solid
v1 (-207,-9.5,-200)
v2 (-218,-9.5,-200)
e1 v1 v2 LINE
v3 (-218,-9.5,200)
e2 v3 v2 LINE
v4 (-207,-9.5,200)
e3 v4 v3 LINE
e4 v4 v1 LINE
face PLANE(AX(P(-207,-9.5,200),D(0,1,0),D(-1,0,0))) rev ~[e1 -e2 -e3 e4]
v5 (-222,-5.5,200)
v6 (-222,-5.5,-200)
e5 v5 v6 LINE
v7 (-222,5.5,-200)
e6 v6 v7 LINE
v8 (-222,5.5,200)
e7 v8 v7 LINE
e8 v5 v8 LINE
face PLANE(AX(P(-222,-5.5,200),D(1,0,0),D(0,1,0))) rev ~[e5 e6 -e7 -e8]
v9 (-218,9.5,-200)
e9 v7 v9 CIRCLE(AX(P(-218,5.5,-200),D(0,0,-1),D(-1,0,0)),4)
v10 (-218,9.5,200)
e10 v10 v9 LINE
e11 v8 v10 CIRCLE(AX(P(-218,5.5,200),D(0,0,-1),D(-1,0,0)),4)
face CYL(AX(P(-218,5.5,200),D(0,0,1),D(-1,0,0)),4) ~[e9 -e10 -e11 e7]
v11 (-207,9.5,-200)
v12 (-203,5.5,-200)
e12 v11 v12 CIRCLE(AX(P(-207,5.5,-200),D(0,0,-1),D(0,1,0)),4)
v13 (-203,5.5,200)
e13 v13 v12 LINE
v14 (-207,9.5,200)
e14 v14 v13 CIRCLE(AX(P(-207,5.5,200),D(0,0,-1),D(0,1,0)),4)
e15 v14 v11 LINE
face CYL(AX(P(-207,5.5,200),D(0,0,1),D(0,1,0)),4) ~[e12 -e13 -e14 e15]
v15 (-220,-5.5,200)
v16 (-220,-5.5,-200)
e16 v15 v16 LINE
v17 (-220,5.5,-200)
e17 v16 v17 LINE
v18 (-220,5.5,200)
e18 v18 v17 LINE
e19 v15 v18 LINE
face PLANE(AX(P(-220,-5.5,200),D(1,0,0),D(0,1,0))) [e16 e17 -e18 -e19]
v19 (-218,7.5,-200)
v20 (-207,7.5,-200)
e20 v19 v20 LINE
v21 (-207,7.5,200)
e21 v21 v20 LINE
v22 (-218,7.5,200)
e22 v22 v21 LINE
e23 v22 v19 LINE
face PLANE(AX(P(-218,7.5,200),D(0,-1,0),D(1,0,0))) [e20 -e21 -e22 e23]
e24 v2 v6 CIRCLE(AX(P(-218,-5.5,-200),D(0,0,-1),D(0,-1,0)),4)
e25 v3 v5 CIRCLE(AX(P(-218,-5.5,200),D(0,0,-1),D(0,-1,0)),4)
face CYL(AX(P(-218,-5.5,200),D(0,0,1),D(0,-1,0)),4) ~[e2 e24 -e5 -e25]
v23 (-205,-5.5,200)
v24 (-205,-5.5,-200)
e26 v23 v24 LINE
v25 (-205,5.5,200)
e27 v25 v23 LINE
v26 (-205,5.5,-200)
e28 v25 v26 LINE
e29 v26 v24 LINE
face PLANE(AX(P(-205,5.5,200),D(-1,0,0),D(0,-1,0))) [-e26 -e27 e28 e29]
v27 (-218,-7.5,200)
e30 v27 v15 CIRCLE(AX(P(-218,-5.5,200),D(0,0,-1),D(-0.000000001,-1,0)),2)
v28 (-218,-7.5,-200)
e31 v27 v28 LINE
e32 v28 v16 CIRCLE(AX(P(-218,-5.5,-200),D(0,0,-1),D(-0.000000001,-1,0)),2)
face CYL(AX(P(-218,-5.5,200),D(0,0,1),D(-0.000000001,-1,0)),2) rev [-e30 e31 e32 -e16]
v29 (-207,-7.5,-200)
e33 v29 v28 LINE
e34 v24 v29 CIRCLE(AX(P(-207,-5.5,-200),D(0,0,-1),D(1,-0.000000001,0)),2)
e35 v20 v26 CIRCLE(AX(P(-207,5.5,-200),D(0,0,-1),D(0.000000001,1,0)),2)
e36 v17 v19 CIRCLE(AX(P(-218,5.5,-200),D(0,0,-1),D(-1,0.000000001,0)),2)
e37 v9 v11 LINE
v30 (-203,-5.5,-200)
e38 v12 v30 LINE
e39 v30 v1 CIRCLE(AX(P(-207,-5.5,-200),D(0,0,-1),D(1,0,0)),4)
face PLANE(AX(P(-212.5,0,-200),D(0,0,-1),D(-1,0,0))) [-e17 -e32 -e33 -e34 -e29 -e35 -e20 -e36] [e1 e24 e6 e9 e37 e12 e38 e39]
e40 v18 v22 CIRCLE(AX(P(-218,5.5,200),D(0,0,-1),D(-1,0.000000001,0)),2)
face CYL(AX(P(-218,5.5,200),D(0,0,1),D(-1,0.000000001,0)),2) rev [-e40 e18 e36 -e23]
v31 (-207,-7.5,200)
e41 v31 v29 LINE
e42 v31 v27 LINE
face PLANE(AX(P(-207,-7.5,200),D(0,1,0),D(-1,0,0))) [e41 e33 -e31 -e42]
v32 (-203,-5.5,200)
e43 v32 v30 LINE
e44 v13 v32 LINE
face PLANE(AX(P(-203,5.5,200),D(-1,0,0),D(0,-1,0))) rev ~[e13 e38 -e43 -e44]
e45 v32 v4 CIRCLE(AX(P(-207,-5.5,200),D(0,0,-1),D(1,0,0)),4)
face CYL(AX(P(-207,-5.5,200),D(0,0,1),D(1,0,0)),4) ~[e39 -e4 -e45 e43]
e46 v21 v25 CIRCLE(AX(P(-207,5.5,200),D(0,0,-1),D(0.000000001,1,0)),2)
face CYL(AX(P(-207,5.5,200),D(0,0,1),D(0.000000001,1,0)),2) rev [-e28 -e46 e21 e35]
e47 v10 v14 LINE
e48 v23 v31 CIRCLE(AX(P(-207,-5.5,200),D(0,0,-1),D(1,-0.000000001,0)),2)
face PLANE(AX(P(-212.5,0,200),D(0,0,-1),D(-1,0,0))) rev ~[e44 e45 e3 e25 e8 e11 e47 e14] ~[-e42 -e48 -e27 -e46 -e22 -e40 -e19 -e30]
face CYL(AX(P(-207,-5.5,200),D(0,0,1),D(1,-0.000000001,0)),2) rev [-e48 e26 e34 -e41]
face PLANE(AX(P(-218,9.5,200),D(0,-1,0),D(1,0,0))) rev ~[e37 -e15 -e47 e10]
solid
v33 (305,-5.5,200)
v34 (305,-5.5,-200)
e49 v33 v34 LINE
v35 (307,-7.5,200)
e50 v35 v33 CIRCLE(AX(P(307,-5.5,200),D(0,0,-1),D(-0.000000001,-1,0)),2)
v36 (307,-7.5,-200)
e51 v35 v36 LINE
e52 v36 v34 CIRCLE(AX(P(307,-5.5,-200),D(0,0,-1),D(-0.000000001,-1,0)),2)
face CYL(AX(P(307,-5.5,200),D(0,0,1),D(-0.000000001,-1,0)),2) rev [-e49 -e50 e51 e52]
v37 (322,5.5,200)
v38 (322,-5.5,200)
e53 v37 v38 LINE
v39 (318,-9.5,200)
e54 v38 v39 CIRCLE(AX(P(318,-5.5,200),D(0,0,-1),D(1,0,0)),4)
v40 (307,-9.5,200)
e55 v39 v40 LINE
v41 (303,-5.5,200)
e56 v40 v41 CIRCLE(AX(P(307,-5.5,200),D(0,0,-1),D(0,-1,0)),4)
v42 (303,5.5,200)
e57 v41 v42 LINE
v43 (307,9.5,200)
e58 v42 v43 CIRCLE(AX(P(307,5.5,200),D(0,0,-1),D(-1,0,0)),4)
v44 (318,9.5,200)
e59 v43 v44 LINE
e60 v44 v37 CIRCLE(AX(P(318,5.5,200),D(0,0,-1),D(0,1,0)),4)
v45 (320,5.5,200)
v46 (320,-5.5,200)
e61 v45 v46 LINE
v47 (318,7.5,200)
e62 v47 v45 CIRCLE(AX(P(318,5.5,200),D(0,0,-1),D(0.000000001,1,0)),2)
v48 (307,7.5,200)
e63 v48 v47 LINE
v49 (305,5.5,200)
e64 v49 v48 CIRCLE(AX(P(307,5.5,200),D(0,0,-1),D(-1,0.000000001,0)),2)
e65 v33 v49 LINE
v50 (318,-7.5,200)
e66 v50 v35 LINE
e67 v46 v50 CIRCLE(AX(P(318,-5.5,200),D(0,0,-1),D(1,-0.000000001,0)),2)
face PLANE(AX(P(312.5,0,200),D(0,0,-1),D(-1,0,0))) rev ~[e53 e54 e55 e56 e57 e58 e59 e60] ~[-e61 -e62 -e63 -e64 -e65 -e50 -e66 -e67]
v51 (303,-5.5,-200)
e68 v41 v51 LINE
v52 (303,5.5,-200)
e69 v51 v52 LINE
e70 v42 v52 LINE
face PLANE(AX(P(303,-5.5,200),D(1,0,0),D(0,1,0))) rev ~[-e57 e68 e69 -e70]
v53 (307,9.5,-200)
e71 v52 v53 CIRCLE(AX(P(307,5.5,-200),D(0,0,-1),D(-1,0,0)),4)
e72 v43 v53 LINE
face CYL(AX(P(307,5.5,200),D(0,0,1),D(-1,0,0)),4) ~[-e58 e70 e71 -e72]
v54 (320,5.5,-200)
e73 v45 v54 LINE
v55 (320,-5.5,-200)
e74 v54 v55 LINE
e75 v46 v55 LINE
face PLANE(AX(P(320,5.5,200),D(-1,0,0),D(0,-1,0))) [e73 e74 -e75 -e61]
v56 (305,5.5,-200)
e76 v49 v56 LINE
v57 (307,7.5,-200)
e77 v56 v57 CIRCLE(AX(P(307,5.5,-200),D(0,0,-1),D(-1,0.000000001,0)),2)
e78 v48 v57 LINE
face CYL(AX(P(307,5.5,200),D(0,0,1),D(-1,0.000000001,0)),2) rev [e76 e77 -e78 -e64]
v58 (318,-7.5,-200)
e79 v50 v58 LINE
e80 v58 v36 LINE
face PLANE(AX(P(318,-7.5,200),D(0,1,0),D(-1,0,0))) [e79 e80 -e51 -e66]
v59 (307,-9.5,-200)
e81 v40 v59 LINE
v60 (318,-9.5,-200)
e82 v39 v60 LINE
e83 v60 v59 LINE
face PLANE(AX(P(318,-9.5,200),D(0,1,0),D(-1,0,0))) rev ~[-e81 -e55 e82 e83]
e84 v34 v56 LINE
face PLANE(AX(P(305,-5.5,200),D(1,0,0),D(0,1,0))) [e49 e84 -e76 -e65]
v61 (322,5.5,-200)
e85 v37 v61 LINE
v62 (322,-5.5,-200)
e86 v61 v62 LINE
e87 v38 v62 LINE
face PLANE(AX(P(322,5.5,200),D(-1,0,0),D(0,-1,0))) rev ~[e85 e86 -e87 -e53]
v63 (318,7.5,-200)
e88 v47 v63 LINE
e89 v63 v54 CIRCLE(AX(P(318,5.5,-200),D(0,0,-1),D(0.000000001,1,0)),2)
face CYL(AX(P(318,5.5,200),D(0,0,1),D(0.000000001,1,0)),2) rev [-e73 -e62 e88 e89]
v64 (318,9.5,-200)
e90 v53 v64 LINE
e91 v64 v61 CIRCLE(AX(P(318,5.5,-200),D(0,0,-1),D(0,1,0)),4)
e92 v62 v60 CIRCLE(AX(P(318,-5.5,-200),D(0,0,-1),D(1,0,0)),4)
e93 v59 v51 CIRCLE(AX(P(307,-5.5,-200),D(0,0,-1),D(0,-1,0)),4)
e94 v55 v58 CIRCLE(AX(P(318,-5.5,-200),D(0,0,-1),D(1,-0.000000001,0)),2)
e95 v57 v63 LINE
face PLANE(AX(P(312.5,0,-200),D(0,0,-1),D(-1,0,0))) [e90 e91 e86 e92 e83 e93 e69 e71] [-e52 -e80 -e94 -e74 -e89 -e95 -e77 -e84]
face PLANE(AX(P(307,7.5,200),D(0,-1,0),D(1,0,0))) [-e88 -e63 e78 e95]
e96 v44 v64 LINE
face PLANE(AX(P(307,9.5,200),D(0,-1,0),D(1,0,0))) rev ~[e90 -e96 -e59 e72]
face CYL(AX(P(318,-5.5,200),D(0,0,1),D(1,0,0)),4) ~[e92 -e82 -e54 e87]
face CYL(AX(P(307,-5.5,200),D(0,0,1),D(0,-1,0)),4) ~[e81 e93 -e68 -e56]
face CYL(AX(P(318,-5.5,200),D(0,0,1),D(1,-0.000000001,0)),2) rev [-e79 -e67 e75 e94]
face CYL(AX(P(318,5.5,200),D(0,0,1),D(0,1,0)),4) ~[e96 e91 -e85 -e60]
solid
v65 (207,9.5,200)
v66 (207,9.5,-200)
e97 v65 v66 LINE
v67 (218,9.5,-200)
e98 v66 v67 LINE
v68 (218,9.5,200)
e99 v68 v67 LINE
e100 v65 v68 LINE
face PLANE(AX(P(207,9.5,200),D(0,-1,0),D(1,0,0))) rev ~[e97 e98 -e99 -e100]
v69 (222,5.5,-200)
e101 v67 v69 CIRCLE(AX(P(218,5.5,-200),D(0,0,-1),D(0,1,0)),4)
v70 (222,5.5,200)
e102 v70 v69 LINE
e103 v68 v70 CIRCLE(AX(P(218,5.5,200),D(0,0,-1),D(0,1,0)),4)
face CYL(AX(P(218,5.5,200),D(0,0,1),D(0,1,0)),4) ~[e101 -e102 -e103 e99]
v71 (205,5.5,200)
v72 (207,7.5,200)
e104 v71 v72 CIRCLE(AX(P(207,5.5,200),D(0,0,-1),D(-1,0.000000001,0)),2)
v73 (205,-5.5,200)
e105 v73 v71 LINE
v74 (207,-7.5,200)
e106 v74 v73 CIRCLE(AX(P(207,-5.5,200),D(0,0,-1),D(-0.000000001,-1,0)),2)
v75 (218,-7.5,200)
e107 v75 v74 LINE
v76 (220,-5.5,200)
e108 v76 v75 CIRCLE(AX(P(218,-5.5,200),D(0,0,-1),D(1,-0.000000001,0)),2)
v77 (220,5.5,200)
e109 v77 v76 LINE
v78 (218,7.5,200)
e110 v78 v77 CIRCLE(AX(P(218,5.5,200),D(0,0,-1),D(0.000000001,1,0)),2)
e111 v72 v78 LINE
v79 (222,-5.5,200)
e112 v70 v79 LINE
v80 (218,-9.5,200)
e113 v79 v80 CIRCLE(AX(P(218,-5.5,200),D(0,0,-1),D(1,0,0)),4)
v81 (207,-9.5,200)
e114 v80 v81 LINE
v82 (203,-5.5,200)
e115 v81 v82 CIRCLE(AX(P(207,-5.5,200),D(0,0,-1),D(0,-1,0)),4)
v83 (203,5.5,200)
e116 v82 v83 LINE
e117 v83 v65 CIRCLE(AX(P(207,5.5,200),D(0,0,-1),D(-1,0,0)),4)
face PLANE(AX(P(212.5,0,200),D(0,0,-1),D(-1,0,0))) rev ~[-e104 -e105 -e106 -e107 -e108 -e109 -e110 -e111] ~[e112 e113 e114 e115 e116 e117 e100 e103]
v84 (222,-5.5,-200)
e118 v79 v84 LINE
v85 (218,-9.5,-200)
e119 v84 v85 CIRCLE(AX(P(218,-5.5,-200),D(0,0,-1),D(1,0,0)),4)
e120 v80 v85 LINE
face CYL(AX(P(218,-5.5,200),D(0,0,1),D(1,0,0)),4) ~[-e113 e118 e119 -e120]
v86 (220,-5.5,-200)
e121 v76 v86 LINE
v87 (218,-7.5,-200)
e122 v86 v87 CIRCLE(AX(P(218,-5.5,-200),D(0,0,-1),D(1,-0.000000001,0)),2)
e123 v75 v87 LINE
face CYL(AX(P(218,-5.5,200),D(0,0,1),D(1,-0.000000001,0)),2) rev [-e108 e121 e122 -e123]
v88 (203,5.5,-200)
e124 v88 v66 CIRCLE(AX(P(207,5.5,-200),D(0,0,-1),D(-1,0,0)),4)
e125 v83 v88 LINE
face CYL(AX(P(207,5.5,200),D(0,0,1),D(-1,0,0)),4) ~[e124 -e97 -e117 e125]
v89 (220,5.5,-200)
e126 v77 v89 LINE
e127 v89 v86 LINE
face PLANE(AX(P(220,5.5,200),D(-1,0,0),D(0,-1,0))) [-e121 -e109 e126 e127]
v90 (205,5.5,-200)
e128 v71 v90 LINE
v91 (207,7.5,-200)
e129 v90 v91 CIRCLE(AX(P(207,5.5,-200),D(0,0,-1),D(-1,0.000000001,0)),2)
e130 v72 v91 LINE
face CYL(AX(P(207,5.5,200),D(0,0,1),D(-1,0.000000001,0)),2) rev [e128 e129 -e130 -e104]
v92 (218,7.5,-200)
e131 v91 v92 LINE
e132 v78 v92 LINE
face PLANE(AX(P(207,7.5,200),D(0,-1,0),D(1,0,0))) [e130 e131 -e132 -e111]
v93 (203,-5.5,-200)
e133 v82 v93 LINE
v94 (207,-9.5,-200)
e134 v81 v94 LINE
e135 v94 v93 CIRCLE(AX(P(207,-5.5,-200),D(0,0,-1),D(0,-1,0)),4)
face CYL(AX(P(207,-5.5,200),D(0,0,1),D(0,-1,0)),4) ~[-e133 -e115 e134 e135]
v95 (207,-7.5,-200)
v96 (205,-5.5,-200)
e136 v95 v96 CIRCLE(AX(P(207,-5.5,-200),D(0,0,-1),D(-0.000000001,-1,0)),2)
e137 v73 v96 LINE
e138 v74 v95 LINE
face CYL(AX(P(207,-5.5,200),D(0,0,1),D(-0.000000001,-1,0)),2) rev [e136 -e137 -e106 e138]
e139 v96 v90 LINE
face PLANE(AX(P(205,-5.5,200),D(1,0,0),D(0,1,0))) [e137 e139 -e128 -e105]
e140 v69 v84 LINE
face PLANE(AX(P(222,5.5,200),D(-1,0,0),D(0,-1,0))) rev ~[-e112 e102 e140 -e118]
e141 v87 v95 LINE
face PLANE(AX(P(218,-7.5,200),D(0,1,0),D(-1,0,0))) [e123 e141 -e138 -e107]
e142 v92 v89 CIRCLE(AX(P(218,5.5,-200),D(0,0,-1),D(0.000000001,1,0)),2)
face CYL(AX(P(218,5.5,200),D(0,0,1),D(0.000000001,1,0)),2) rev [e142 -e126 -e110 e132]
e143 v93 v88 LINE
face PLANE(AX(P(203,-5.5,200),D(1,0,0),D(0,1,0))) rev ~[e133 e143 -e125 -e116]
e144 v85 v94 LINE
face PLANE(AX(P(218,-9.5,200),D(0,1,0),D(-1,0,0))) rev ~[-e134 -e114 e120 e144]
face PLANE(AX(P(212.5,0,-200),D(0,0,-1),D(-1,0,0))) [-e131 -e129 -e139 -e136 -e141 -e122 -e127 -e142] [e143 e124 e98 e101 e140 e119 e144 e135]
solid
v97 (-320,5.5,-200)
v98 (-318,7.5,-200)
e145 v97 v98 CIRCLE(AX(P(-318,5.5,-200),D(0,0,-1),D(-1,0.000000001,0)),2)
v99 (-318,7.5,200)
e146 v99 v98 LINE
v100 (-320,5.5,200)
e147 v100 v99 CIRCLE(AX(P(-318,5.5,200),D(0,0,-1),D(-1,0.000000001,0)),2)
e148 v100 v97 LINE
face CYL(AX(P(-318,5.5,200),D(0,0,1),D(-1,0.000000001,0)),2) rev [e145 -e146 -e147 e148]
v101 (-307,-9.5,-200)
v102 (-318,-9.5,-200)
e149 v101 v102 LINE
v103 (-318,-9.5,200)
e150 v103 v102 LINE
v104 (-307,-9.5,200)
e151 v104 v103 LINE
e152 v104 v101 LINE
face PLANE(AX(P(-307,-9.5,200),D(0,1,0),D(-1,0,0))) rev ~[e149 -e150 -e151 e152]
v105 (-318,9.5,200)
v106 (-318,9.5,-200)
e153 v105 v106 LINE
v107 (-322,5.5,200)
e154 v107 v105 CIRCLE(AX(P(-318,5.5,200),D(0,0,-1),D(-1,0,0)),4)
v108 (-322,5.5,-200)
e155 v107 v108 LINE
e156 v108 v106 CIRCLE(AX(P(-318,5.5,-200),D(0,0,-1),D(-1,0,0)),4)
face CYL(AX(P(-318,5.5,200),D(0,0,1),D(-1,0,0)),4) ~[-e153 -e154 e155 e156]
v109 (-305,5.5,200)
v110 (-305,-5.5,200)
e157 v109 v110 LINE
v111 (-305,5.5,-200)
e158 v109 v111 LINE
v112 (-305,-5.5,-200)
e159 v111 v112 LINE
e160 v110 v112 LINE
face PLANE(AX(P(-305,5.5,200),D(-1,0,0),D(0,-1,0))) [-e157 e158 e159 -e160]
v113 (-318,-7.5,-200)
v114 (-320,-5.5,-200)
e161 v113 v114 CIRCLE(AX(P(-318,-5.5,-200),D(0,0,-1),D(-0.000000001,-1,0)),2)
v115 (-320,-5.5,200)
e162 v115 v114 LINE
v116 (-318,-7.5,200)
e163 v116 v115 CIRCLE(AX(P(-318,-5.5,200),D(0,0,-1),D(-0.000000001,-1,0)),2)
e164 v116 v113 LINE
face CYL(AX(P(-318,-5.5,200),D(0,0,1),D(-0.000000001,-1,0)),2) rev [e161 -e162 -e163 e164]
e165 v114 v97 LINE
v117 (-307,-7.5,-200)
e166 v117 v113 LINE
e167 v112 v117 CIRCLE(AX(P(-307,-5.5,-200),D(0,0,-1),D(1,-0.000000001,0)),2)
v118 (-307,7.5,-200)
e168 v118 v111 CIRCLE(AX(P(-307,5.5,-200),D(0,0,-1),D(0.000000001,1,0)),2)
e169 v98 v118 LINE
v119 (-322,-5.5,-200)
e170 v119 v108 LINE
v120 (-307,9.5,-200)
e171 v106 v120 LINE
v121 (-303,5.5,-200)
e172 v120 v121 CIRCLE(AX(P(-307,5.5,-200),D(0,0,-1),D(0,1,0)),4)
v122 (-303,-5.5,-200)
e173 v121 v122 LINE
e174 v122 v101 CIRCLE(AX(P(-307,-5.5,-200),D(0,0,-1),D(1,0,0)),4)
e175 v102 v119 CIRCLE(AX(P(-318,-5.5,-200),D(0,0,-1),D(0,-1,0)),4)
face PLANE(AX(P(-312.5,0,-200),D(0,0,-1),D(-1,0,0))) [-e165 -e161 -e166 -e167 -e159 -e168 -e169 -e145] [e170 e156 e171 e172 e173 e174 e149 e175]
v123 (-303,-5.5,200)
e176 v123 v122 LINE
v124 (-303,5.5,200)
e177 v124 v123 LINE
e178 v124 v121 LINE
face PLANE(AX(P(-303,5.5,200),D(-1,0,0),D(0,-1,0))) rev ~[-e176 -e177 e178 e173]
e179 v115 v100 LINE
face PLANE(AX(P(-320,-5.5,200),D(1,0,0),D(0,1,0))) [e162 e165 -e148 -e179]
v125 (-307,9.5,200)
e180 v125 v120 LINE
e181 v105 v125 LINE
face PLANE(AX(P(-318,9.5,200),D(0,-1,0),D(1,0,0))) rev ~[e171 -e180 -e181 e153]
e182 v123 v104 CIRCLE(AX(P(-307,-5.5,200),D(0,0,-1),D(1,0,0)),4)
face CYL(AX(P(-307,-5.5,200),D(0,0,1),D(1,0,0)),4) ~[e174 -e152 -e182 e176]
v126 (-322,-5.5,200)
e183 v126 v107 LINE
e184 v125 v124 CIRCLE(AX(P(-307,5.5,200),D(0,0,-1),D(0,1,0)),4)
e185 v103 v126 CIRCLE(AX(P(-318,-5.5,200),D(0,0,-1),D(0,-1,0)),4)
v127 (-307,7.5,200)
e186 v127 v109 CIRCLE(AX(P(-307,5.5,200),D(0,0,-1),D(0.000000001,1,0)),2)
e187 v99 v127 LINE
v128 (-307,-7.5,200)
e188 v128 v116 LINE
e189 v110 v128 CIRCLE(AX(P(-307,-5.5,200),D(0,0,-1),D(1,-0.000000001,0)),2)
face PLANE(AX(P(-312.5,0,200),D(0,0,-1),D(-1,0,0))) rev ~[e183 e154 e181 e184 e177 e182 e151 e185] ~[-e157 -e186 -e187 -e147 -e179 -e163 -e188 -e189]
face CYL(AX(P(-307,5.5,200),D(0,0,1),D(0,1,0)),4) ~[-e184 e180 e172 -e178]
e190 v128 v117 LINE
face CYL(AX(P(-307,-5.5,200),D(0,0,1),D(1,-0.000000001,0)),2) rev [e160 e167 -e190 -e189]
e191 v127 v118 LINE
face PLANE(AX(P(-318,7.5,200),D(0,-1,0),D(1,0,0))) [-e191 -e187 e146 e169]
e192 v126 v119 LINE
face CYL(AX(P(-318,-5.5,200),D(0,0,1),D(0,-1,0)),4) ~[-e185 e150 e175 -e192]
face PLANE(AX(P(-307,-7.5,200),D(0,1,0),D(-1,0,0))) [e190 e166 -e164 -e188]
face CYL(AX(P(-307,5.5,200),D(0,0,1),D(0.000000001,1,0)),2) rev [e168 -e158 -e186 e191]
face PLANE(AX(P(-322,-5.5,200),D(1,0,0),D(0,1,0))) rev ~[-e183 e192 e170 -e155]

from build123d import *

# Parameters (mm, degrees)
SQUARE_TUBE_20_X_20_X_2_2_DEPTH   = 400
SQUARE_TUBE_20_X_20_X_2_2_2_DEPTH = 400
SQUARE_TUBE_20_X_20_X_2_2_3_DEPTH = 400
SQUARE_TUBE_20_X_20_X_2_2_4_DEPTH = 400


with BuildPart() as part:
    # Sketch12 → Square tube 20 X 20 X 2(2) (new body)
    with BuildSketch(Plane(origin=(-312.5, 0, 200), x_dir=(-1, 0, 0), z_dir=(0, 0, -1))):
        with BuildLine():
            Line((-5.5, -9.5), (5.5, -9.5))
            ThreePointArc((5.5, -9.5), (8.328427125, -8.328427125), (9.5, -5.5))
            Line((9.5, -5.5), (9.5, 5.5))
            ThreePointArc((9.5, 5.5), (8.328427125, 8.328427125), (5.5, 9.5))
            Line((5.5, 9.5), (-5.5, 9.5))
            ThreePointArc((-5.5, 9.5), (-8.328427125, 8.328427125), (-9.5, 5.5))
            Line((-9.5, 5.5), (-9.5, -5.5))
            ThreePointArc((-9.5, -5.5), (-8.328427125, -8.328427125), (-5.5, -9.5))
        make_face()
        with BuildLine():
            Line((-5.5, -7.5), (5.5, -7.5))
            ThreePointArc((5.5, -7.5), (6.914213562, -6.914213562), (7.5, -5.5))
            Line((7.5, -5.5), (7.5, 5.5))
            ThreePointArc((7.5, 5.5), (6.914213562, 6.914213562), (5.5, 7.5))
            Line((5.5, 7.5), (-5.5, 7.5))
            ThreePointArc((-5.5, 7.5), (-6.914213562, 6.914213562), (-7.5, 5.5))
            Line((-7.5, 5.5), (-7.5, -5.5))
            ThreePointArc((-7.5, -5.5), (-6.914213562, -6.914213562), (-5.5, -7.5))
        make_face(mode=Mode.SUBTRACT)
    extrude(amount=SQUARE_TUBE_20_X_20_X_2_2_DEPTH)


with BuildPart() as body_2:
    # Sketch12 on segment 2 (carried to segment 2) → Square tube 20 X 20 X 2_2 2 (new body)
    with BuildSketch(Plane(origin=(-212.5, 0, 200), x_dir=(-1, 0, 0), z_dir=(0, 0, -1))):
        with BuildLine():
            Line((-5.5, -9.5), (5.5, -9.5))
            ThreePointArc((5.5, -9.5), (8.328427125, -8.328427125), (9.5, -5.5))
            Line((9.5, -5.5), (9.5, 5.5))
            ThreePointArc((9.5, 5.5), (8.328427125, 8.328427125), (5.5, 9.5))
            Line((5.5, 9.5), (-5.5, 9.5))
            ThreePointArc((-5.5, 9.5), (-8.328427125, 8.328427125), (-9.5, 5.5))
            Line((-9.5, 5.5), (-9.5, -5.5))
            ThreePointArc((-9.5, -5.5), (-8.328427125, -8.328427125), (-5.5, -9.5))
        make_face()
        with BuildLine():
            Line((-5.5, -7.5), (5.5, -7.5))
            ThreePointArc((5.5, -7.5), (6.914213562, -6.914213562), (7.5, -5.5))
            Line((7.5, -5.5), (7.5, 5.5))
            ThreePointArc((7.5, 5.5), (6.914213562, 6.914213562), (5.5, 7.5))
            Line((5.5, 7.5), (-5.5, 7.5))
            ThreePointArc((-5.5, 7.5), (-6.914213562, 6.914213562), (-7.5, 5.5))
            Line((-7.5, 5.5), (-7.5, -5.5))
            ThreePointArc((-7.5, -5.5), (-6.914213562, -6.914213562), (-5.5, -7.5))
        make_face(mode=Mode.SUBTRACT)
    extrude(amount=SQUARE_TUBE_20_X_20_X_2_2_2_DEPTH)


with BuildPart() as body_3:
    # Sketch12 on segment 3 (carried to segment 3) → Square tube 20 X 20 X 2_2 3 (new body)
    with BuildSketch(Plane(origin=(212.5, 0, 200), x_dir=(-1, 0, 0), z_dir=(0, 0, -1))):
        with BuildLine():
            Line((-5.5, -9.5), (5.5, -9.5))
            ThreePointArc((5.5, -9.5), (8.328427125, -8.328427125), (9.5, -5.5))
            Line((9.5, -5.5), (9.5, 5.5))
            ThreePointArc((9.5, 5.5), (8.328427125, 8.328427125), (5.5, 9.5))
            Line((5.5, 9.5), (-5.5, 9.5))
            ThreePointArc((-5.5, 9.5), (-8.328427125, 8.328427125), (-9.5, 5.5))
            Line((-9.5, 5.5), (-9.5, -5.5))
            ThreePointArc((-9.5, -5.5), (-8.328427125, -8.328427125), (-5.5, -9.5))
        make_face()
        with BuildLine():
            Line((-5.5, -7.5), (5.5, -7.5))
            ThreePointArc((5.5, -7.5), (6.914213562, -6.914213562), (7.5, -5.5))
            Line((7.5, -5.5), (7.5, 5.5))
            ThreePointArc((7.5, 5.5), (6.914213562, 6.914213562), (5.5, 7.5))
            Line((5.5, 7.5), (-5.5, 7.5))
            ThreePointArc((-5.5, 7.5), (-6.914213562, 6.914213562), (-7.5, 5.5))
            Line((-7.5, 5.5), (-7.5, -5.5))
            ThreePointArc((-7.5, -5.5), (-6.914213562, -6.914213562), (-5.5, -7.5))
        make_face(mode=Mode.SUBTRACT)
    extrude(amount=SQUARE_TUBE_20_X_20_X_2_2_3_DEPTH)


with BuildPart() as body_4:
    # Sketch12 on segment 4 (carried to segment 4) → Square tube 20 X 20 X 2_2 4 (new body)
    with BuildSketch(Plane(origin=(312.5, 0, 200), x_dir=(-1, 0, 0), z_dir=(0, 0, -1))):
        with BuildLine():
            Line((-5.5, -9.5), (5.5, -9.5))
            ThreePointArc((5.5, -9.5), (8.328427125, -8.328427125), (9.5, -5.5))
            Line((9.5, -5.5), (9.5, 5.5))
            ThreePointArc((9.5, 5.5), (8.328427125, 8.328427125), (5.5, 9.5))
            Line((5.5, 9.5), (-5.5, 9.5))
            ThreePointArc((-5.5, 9.5), (-8.328427125, 8.328427125), (-9.5, 5.5))
            Line((-9.5, 5.5), (-9.5, -5.5))
            ThreePointArc((-9.5, -5.5), (-8.328427125, -8.328427125), (-5.5, -9.5))
        make_face()
        with BuildLine():
            Line((-5.5, -7.5), (5.5, -7.5))
            ThreePointArc((5.5, -7.5), (6.914213562, -6.914213562), (7.5, -5.5))
            Line((7.5, -5.5), (7.5, 5.5))
            ThreePointArc((7.5, 5.5), (6.914213562, 6.914213562), (5.5, 7.5))
            Line((5.5, 7.5), (-5.5, 7.5))
            ThreePointArc((-5.5, 7.5), (-6.914213562, 6.914213562), (-7.5, 5.5))
            Line((-7.5, 5.5), (-7.5, -5.5))
            ThreePointArc((-7.5, -5.5), (-6.914213562, -6.914213562), (-5.5, -7.5))
        make_face(mode=Mode.SUBTRACT)
    extrude(amount=SQUARE_TUBE_20_X_20_X_2_2_4_DEPTH)


solid = Compound([part.part, body_2.part, body_3.part, body_4.part])
